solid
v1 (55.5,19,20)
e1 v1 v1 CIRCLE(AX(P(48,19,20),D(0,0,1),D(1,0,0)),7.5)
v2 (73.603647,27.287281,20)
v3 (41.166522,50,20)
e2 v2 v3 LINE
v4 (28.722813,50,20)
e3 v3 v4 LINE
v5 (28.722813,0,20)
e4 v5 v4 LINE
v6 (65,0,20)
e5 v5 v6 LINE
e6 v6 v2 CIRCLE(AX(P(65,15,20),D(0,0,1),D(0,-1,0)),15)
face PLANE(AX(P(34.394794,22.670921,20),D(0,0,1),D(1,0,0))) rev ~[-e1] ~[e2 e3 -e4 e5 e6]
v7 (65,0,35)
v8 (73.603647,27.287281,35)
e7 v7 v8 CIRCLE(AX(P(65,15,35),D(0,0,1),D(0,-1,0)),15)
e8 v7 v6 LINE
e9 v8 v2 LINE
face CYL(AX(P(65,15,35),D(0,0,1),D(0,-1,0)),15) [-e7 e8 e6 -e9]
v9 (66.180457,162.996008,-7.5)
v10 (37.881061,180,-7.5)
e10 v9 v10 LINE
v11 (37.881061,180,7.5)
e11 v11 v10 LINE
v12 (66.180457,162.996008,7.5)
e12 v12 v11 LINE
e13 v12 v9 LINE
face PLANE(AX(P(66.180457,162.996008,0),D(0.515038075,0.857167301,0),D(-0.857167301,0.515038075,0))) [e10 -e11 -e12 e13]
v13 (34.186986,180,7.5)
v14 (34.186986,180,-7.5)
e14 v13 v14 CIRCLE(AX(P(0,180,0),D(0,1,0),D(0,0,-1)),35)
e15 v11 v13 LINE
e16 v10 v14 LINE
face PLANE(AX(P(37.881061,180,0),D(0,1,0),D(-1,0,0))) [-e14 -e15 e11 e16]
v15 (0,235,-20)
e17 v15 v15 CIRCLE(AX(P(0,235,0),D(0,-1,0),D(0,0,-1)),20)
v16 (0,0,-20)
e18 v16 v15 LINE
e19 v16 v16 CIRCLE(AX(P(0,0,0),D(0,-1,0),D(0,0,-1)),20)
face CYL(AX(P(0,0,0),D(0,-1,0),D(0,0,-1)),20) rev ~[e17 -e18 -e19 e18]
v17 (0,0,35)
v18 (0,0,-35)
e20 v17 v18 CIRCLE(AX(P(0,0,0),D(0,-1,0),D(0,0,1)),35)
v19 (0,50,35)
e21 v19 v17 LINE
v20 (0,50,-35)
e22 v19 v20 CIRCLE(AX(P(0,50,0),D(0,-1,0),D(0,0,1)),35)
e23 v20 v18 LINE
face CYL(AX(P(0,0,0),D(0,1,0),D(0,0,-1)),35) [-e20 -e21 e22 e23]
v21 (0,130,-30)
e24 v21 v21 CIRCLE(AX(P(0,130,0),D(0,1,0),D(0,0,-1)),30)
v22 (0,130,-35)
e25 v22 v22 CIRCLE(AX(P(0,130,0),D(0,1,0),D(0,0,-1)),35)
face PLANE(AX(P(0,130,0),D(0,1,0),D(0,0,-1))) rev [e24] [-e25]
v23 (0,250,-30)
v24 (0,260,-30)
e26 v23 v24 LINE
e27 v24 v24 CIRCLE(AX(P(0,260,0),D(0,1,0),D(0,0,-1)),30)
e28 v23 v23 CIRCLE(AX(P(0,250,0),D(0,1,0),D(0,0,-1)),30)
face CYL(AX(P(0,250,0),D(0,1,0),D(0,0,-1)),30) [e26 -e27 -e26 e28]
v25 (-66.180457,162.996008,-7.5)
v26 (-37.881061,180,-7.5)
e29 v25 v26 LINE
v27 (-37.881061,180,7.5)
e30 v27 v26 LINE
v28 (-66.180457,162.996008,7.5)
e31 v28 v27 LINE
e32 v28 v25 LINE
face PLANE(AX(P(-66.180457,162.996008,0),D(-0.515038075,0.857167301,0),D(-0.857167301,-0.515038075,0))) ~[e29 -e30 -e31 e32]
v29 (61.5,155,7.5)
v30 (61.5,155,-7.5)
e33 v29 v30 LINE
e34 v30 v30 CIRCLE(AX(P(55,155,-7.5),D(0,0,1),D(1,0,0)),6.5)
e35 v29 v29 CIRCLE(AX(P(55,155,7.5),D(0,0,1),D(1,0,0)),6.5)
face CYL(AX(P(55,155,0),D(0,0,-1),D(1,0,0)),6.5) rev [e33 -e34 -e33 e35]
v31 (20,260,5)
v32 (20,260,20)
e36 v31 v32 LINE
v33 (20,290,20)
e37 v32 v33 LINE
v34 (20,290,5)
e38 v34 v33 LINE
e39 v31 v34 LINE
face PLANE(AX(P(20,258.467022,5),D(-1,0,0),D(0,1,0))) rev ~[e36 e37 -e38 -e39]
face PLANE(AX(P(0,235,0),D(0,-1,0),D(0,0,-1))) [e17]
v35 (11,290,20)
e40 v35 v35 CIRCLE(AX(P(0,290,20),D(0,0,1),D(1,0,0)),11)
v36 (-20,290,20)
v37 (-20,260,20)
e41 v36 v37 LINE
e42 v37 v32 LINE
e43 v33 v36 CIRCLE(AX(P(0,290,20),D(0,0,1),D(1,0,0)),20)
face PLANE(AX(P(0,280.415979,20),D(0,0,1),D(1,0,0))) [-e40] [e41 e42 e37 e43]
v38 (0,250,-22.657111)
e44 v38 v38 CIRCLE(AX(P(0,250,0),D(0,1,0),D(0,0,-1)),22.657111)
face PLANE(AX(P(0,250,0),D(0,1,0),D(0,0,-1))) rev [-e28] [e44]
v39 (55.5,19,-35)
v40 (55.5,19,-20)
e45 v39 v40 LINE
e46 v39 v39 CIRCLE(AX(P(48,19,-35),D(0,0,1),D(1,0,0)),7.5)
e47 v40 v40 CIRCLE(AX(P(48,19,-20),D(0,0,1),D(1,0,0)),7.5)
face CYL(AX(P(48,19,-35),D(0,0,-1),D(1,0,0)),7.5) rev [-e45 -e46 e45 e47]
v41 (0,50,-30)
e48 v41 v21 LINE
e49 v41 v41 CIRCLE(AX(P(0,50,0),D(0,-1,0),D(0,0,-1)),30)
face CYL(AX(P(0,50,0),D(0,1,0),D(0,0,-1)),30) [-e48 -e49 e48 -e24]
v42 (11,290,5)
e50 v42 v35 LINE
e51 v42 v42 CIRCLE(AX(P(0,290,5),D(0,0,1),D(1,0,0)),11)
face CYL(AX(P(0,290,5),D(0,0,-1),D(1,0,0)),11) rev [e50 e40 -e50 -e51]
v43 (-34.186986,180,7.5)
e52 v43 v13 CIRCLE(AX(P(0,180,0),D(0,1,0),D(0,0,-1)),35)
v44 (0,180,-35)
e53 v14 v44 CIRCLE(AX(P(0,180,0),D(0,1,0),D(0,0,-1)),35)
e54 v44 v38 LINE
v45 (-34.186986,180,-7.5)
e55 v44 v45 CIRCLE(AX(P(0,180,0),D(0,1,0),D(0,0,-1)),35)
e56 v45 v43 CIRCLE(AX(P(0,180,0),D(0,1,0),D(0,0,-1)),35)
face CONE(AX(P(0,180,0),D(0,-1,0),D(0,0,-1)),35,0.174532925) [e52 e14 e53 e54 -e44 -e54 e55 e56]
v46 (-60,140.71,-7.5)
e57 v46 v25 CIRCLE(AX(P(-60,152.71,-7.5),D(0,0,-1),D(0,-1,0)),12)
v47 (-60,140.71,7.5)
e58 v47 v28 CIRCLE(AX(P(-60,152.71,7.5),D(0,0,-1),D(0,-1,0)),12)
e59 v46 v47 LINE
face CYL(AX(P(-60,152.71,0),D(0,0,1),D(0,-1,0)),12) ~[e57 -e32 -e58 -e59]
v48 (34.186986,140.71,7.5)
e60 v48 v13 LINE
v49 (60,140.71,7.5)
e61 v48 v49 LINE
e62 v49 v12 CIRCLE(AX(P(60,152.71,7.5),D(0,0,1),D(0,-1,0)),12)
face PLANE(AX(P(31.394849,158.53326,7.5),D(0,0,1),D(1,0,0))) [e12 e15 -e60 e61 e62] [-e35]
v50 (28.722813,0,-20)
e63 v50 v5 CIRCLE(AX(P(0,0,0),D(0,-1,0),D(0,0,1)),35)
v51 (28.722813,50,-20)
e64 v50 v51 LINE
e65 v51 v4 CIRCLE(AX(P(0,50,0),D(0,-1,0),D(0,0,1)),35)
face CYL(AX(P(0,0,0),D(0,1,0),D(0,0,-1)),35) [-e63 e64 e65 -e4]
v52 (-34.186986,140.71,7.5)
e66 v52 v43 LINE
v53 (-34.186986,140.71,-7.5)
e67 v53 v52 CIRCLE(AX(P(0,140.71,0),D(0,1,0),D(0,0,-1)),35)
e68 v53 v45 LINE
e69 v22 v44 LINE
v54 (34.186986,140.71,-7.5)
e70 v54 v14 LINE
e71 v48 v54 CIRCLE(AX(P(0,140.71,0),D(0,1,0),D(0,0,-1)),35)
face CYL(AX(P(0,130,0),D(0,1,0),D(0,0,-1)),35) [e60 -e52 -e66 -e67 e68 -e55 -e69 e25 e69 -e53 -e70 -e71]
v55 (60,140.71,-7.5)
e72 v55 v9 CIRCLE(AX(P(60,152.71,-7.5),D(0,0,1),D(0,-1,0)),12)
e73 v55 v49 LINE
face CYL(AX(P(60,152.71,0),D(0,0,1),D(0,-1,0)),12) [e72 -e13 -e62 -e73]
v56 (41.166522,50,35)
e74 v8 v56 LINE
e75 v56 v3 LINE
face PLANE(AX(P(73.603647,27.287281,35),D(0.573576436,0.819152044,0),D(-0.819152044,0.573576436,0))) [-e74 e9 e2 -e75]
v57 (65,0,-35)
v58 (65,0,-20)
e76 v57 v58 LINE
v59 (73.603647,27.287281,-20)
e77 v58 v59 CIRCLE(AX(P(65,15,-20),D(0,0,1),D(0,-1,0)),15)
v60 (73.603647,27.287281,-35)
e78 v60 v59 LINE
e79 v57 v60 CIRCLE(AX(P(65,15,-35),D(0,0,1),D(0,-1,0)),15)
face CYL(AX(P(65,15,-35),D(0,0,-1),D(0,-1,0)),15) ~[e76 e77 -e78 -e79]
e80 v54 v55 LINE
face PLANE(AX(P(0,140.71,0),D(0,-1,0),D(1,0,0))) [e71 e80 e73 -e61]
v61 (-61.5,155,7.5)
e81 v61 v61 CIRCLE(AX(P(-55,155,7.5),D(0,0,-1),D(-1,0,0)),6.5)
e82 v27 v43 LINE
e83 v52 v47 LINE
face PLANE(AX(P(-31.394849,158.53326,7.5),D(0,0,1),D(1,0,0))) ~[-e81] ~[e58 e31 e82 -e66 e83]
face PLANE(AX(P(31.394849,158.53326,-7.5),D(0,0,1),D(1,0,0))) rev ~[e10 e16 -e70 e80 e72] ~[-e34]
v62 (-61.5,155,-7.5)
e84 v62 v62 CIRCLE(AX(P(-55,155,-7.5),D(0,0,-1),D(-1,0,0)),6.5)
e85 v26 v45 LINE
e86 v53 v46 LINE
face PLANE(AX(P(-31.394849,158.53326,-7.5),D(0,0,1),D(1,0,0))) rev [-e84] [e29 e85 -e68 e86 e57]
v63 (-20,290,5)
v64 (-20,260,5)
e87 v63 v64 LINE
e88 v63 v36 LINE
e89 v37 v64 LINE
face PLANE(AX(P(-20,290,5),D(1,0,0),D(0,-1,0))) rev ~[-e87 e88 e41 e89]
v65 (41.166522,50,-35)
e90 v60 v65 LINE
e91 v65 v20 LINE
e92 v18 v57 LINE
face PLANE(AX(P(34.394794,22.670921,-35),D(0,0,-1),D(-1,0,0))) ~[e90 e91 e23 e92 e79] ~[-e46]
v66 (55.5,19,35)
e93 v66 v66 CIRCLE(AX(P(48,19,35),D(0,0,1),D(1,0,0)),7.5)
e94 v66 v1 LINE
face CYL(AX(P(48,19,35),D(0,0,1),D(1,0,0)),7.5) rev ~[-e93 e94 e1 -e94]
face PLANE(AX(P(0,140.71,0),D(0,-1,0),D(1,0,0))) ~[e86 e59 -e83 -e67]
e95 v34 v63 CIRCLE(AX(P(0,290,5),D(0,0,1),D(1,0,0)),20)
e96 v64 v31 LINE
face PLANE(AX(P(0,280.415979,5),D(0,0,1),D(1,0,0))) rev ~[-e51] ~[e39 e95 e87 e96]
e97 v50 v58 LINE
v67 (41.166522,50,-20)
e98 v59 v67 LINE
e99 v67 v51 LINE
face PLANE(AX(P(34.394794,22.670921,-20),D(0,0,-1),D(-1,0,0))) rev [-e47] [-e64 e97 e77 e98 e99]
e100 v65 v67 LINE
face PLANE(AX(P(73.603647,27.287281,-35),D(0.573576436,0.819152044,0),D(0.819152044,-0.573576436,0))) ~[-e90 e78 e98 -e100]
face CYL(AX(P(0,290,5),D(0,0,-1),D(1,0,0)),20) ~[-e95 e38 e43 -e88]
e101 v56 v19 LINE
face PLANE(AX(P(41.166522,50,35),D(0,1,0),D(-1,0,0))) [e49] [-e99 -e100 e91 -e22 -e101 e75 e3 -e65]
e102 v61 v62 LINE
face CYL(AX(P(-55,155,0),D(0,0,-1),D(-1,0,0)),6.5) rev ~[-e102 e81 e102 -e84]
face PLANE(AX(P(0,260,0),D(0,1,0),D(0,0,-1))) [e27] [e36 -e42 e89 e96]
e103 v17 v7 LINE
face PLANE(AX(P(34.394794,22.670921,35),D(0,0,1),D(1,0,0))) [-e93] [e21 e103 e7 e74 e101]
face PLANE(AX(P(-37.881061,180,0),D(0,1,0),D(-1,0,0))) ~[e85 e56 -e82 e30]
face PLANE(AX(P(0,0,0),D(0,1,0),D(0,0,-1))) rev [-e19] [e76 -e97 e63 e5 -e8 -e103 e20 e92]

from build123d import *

# Parameters (mm, degrees)
SKETCH2_R           = 7.5
BOSS_EXTRUDE1_DEPTH = 15
SKETCH3_R           = 6.5
BOSS_EXTRUDE2_DEPTH = 7.5
SKETCH4_R           = 11
BOSS_EXTRUDE3_DEPTH = 15
SKETCH5_R           = 20
CUT_EXTRUDE1_DEPTH  = 235


with BuildPart() as part:
    # Sketch1 → Revolve1 (revolve)
    with BuildSketch(Plane.XY):
        Polygon((0, 0), (35, 0), (35, 50), (30, 50), (30, 130), (35, 130), (35, 180), (22.65711135, 250), (30, 250), (30, 260), (0, 260), align=None)
    revolve(axis=Axis((0, 0, 0), (0, 1, 0)))

    # Sketch2 → Boss-Extrude1 (add)
    with BuildSketch(Plane.XY.offset(35)):
        with BuildLine():
            Line((0, 0), (48, 0))
            Line((48, 0), (65, 0))
            ThreePointArc((65, 0), (79.305754261, 10.489413007), (73.603646545, 27.287280664))
            Line((73.603646545, 27.287280664), (41.166521698, 50))
            Line((41.166521698, 50), (0, 50))
            Line((0, 50), (0, 0))
        make_face()
        with Locations((48, 19)):
            Circle(SKETCH2_R, mode=Mode.SUBTRACT)
    boss_extrude1 = extrude(amount=-BOSS_EXTRUDE1_DEPTH)

    # Mirror1: Boss-Extrude1 across plane
    add(boss_extrude1.mirror(Plane.XY))

    # Sketch3 → Boss-Extrude2 (add, symmetric)
    with BuildSketch(Plane.XY):
        with BuildLine():
            Line((0, 180), (0, 140.71))
            Line((0, 140.71), (55, 140.71))
            Line((55, 140.71), (60, 140.71))
            ThreePointArc((60, 140.71), (71.563565439, 149.503139487), (66.180456899, 162.996007608))
            Line((66.180456899, 162.996007608), (37.881061244, 180))
            Line((37.881061244, 180), (0, 180))
        make_face()
        with Locations((55, 155)):
            Circle(SKETCH3_R, mode=Mode.SUBTRACT)
    boss_extrude2 = extrude(amount=BOSS_EXTRUDE2_DEPTH, both=True)

    # Mirror2: Boss-Extrude2 across plane
    add(boss_extrude2.mirror(Plane(origin=(0, 0, 0), x_dir=(0, 0, 1), z_dir=(1, 0, 0))))

    # Sketch4 → Boss-Extrude3 (add)
    with BuildSketch(Plane.XY.offset(5)):
        with BuildLine():
            Line((-20, 290), (-20, 258.467022151))
            Line((-20, 258.467022151), (20, 258.467022151))
            Line((20, 258.467022151), (20, 290))
            ThreePointArc((20, 290), (0, 310), (-20, 290))
        make_face()
        with Locations((0, 290)):
            Circle(SKETCH4_R, mode=Mode.SUBTRACT)
    extrude(amount=BOSS_EXTRUDE3_DEPTH)

    # Sketch5 → Cut-Extrude1 (cut)
    with BuildSketch(Plane.XZ):
        Circle(SKETCH5_R)
    extrude(amount=-CUT_EXTRUDE1_DEPTH, mode=Mode.SUBTRACT)


solid = part.part
